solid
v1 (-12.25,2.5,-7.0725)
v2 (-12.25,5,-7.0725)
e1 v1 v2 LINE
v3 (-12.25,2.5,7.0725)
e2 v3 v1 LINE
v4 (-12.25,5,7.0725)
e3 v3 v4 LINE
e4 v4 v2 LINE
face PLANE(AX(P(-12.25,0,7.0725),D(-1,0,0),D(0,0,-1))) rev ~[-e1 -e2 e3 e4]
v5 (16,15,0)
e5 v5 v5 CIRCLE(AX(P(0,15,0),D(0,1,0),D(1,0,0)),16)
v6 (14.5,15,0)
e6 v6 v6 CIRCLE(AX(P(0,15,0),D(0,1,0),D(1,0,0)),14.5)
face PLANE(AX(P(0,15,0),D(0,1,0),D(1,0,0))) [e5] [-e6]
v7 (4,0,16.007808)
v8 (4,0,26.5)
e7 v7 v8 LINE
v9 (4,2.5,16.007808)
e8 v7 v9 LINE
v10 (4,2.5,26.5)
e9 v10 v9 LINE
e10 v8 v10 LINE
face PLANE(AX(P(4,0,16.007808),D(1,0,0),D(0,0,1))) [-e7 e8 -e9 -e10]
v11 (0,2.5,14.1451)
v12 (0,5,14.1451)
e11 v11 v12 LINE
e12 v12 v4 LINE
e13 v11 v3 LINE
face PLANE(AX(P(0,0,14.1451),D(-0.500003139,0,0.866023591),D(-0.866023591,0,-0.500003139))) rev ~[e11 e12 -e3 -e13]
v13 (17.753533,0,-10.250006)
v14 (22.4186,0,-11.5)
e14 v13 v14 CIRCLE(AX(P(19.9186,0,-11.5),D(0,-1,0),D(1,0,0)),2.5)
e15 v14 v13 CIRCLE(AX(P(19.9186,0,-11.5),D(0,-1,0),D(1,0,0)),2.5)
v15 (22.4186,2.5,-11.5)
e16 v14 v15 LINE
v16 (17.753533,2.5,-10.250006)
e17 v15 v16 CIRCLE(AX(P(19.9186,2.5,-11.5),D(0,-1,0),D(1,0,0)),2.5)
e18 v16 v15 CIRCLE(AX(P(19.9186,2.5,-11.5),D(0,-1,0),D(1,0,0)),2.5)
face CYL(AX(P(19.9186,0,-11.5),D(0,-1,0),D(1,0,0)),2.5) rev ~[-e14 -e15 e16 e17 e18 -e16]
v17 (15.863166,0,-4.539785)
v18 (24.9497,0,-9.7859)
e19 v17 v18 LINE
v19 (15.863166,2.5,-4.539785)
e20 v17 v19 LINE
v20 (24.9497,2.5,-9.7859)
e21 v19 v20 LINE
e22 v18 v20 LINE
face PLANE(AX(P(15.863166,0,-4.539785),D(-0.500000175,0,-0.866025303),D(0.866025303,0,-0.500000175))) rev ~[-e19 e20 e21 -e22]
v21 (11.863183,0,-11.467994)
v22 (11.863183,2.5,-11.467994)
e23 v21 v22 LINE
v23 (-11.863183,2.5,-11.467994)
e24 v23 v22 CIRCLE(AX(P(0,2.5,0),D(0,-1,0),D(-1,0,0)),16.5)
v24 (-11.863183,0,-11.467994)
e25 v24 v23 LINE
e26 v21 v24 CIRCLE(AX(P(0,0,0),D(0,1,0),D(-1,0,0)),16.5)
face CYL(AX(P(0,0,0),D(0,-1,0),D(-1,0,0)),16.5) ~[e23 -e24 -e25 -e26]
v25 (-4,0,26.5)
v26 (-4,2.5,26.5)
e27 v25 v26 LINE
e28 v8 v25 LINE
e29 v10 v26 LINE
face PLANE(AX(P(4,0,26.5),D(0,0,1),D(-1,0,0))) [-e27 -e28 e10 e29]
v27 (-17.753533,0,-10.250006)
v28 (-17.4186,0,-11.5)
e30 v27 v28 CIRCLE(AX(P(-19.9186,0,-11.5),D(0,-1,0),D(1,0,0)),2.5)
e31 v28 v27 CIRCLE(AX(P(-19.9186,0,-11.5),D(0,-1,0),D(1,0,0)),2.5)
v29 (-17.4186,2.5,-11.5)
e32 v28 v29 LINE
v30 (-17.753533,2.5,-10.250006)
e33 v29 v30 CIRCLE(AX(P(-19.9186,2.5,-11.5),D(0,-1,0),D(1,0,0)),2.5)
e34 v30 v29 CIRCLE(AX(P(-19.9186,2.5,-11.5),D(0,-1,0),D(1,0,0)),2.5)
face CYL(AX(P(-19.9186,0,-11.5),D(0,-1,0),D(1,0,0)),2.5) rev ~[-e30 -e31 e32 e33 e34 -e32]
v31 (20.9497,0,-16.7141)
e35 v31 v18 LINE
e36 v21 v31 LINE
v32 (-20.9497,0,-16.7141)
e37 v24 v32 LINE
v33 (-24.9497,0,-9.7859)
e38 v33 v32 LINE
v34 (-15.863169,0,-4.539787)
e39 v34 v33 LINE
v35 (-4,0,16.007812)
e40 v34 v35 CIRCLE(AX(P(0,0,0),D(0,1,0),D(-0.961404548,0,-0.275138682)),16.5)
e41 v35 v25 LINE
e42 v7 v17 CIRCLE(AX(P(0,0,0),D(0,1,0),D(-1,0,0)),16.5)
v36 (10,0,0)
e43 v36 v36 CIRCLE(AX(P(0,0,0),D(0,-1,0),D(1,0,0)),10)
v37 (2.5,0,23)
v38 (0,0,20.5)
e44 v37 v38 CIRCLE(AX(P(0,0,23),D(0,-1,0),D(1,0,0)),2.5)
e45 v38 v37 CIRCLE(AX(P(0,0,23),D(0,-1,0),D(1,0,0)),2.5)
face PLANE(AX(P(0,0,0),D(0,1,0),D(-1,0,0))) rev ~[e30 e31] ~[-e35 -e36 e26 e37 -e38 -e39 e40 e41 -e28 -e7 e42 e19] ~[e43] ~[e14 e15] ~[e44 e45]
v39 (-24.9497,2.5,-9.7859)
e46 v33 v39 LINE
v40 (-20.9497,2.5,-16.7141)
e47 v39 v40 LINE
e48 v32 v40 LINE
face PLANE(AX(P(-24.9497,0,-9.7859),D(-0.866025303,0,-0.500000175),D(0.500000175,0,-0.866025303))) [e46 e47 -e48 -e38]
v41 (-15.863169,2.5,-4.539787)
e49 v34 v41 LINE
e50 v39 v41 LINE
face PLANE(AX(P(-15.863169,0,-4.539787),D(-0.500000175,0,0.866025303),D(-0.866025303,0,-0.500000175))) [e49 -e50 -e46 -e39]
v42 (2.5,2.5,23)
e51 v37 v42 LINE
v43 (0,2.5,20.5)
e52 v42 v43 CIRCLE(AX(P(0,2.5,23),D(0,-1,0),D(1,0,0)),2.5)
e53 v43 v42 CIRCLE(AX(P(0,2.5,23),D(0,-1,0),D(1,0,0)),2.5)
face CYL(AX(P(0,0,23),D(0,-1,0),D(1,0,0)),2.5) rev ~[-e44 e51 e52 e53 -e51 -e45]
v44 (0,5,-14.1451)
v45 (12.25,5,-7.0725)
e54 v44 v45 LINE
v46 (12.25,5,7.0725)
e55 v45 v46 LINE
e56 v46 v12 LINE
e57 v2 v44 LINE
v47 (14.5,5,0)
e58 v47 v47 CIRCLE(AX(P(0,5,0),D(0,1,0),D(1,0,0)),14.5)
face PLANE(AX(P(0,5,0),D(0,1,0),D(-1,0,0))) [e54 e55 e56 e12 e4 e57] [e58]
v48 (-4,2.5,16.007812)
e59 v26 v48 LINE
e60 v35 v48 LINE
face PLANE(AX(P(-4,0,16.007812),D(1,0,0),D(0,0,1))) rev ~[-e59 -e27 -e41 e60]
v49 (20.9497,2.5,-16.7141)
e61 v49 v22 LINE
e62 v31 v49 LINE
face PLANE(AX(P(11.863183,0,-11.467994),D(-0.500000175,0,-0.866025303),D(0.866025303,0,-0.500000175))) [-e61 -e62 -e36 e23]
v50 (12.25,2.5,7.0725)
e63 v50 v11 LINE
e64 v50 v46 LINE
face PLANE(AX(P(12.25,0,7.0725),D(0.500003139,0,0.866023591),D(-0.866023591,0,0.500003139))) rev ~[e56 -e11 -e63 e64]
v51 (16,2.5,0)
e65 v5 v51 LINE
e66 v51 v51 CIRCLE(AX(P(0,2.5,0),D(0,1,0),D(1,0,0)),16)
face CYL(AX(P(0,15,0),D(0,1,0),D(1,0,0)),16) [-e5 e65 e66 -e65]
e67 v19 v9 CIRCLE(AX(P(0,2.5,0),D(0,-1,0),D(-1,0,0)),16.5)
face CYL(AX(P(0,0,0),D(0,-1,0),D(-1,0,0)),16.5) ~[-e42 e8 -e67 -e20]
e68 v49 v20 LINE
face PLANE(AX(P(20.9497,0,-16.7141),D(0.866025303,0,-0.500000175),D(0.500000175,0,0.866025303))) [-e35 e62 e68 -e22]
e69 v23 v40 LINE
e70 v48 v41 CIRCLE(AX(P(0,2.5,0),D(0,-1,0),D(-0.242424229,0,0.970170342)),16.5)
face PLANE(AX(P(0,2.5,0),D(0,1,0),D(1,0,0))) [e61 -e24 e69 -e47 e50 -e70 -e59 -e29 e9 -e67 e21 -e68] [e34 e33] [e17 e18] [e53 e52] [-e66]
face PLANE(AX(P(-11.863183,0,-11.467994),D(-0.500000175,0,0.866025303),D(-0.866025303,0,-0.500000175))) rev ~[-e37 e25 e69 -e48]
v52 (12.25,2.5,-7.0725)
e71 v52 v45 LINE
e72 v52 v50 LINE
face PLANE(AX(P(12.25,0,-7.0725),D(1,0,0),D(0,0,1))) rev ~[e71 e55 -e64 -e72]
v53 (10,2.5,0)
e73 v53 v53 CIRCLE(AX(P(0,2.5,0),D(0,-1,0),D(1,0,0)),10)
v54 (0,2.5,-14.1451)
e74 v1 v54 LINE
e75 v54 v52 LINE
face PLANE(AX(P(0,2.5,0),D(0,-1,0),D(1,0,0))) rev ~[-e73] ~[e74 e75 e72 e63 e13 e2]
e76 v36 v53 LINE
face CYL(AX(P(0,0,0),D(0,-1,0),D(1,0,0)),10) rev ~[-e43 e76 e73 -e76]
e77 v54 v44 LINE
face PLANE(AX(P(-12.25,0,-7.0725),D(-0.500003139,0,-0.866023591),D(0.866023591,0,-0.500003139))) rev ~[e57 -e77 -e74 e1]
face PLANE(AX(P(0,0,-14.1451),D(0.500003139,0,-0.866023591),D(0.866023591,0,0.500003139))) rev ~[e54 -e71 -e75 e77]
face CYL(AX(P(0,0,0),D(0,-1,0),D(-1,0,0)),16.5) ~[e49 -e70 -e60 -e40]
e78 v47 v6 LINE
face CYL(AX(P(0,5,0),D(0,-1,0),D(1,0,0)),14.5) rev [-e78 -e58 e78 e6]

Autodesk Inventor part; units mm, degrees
ref_plane "YZ Plane" through (0, 0, 0) normal (1, 0, 0) x (0, 1, 0)
ref_plane "XZ Plane" through (0, 0, 0) normal (0, 1, 0) x (-1, 0, 0)
ref_plane "XY Plane" through (0, 0, 0) normal (0, 0, 1) x (1, 0, 0)
sketch "Sketch1" plane through (0, 0, 0) normal (0, 1, 0) x (-1, 0, 0)
  line L0 (12.25, -7.0725) -> (0, -14.1451)
  line L1 (0, -14.1451) -> (-12.25, -7.0725)
  line L2 (-12.25, -7.0725) -> (-12.25, 7.0725)
  line L3 (-12.25, 7.0725) -> (0, 14.1451)
  line L4 (0, 14.1451) -> (12.25, 7.0725)
  line L5 (12.25, 7.0725) -> (12.25, -7.0725)
  circle A0 centre (0, 0) radius 16.5
  dimension "d0" = 12.25
  dimension "d1" = 33
extrude "Extrusion1" add sketch "Sketch1" along normal blind 5
sketch "Sketch2" plane through (0, 0, 0) normal (0, -1, 0) x (1, 0, 0)
  line L0 (0, 14.1451) -> (-12.25, 7.0725) projected
  line L1 (-12.25, 7.0725) -> (-12.25, -7.0725) projected
  line L2 (-12.25, -7.0725) -> (0, -14.1451) projected
  line L3 (0, -14.1451) -> (12.25, -7.0725) projected
  line L4 (12.25, -7.0725) -> (12.25, 7.0725) projected
  line L5 (12.25, 7.0725) -> (0, 14.1451) projected
  point P0 (0, 0)
extrude "Extrusion2" add sketch "Sketch2" against normal blind 2.5
sketch "Sketch3" plane through (0, 0, 0) normal (0, -1, 0) x (1, 0, 0)
  circle A0 centre (0, 0) radius 10
  dimension "d6" = 20
extrude "Extrusion3" cut sketch "Sketch3" against normal blind 2.5
sketch "Sketch4" plane through (0, 5, 0) normal (0, 1, 0) x (1, 0, 0)
  circle A0 centre (0, 0) radius 14.5
  circle A1 centre (0, 0) radius 16.5 projected
  dimension "d9" = 29
extrude "Extrusion4" add sketch "Sketch4" along normal blind 10
sketch "Sketch5" plane through (0, 0, 0) normal (0, -1, 0) x (1, 0, 0)
  circle A0 centre (0, 0) radius 16.5 projected
  arc A1 (14.2894, -8.25) -> (0, 16.5) centre (0, 0) ccw
  line L0 (0, 0) -> (14.2894, -8.25) construction
  line L1 (0, 0) -> (0, 16.5) construction
  arc A2 (0, 16.5) -> (-14.2894, -8.25) centre (0, 0) ccw
  line L2 (0, 0) -> (-14.2894, -8.25) construction
  line L3 (0, 0) -> (0, 16.5) construction
  circle A3 centre (0, 0) radius 14.5 projected
  line L4 (0, 14.5) -> (4, 14.5)
  line L5 (4, 14.5) -> (4, 26.5)
  line L6 (4, 26.5) -> (-4, 26.5)
  line L7 (0, 14.5) -> (-4, 14.5)
  line L8 (-4, 14.5) -> (-4, 26.5)
  line L9 (0, 16.5) -> (0, 23)
  circle A4 centre (0, 23) radius 2.5
  line L10 (-12.5574, -7.25) -> (-10.5574, -10.7141)
  line L11 (-12.5574, -7.25) -> (-14.5574, -3.7859)
  line L12 (-14.2894, -8.25) -> (-19.9186, -11.5)
  line L13 (-10.5574, -10.7141) -> (-20.9497, -16.7141)
  circle A5 centre (-19.9186, -11.5) radius 2.5
  line L14 (-24.9497, -9.7859) -> (-20.9497, -16.7141)
  line L15 (-14.5574, -3.7859) -> (-24.9497, -9.7859)
  line L16 (12.5574, -7.25) -> (14.5574, -3.7859)
  line L17 (12.5574, -7.25) -> (10.5574, -10.7141)
  line L18 (14.2894, -8.25) -> (19.9186, -11.5)
  line L19 (14.5574, -3.7859) -> (24.9497, -9.7859)
  circle A6 centre (19.9186, -11.5) radius 2.5
  line L20 (20.9497, -16.7141) -> (24.9497, -9.7859)
  line L21 (10.5574, -10.7141) -> (20.9497, -16.7141)
  point P0 (11.8632, -11.468)
  point P1 (15.8632, -4.5398)
  point P2 (-15.8632, -4.5398)
  point P3 (-11.8632, -11.468)
  point P4 (4, 16.0078)
  point P5 (-4, 16.0078)
  dimension "d12" = 120
  dimension "d13" = 120
  dimension "d14" = 4
  dimension "d15" = 12
  dimension "d16" = 8
  dimension "d17" = 4
  dimension "d18" = 6.5
  dimension "d19" = 5
  dimension "d22" = 360
extrude "Extrusion5" add sketch "Sketch5" against normal blind 2.5 contours A0 L8 L6 L5 | L19 L20 L21 A0 | A0 L13 L14 L15
sketch "Sketch6" plane through (0, 15, 0) normal (0, 1, 0) x (1, 0, 0)
  circle A0 centre (0, 0) radius 16
  circle A1 centre (0, 0) radius 17.8656
  dimension "d31" = 32
extrude "Extrusion6" cut sketch "Sketch6" against normal up to surface (12.5 mm away)
properties part number "receptor_manguera"
